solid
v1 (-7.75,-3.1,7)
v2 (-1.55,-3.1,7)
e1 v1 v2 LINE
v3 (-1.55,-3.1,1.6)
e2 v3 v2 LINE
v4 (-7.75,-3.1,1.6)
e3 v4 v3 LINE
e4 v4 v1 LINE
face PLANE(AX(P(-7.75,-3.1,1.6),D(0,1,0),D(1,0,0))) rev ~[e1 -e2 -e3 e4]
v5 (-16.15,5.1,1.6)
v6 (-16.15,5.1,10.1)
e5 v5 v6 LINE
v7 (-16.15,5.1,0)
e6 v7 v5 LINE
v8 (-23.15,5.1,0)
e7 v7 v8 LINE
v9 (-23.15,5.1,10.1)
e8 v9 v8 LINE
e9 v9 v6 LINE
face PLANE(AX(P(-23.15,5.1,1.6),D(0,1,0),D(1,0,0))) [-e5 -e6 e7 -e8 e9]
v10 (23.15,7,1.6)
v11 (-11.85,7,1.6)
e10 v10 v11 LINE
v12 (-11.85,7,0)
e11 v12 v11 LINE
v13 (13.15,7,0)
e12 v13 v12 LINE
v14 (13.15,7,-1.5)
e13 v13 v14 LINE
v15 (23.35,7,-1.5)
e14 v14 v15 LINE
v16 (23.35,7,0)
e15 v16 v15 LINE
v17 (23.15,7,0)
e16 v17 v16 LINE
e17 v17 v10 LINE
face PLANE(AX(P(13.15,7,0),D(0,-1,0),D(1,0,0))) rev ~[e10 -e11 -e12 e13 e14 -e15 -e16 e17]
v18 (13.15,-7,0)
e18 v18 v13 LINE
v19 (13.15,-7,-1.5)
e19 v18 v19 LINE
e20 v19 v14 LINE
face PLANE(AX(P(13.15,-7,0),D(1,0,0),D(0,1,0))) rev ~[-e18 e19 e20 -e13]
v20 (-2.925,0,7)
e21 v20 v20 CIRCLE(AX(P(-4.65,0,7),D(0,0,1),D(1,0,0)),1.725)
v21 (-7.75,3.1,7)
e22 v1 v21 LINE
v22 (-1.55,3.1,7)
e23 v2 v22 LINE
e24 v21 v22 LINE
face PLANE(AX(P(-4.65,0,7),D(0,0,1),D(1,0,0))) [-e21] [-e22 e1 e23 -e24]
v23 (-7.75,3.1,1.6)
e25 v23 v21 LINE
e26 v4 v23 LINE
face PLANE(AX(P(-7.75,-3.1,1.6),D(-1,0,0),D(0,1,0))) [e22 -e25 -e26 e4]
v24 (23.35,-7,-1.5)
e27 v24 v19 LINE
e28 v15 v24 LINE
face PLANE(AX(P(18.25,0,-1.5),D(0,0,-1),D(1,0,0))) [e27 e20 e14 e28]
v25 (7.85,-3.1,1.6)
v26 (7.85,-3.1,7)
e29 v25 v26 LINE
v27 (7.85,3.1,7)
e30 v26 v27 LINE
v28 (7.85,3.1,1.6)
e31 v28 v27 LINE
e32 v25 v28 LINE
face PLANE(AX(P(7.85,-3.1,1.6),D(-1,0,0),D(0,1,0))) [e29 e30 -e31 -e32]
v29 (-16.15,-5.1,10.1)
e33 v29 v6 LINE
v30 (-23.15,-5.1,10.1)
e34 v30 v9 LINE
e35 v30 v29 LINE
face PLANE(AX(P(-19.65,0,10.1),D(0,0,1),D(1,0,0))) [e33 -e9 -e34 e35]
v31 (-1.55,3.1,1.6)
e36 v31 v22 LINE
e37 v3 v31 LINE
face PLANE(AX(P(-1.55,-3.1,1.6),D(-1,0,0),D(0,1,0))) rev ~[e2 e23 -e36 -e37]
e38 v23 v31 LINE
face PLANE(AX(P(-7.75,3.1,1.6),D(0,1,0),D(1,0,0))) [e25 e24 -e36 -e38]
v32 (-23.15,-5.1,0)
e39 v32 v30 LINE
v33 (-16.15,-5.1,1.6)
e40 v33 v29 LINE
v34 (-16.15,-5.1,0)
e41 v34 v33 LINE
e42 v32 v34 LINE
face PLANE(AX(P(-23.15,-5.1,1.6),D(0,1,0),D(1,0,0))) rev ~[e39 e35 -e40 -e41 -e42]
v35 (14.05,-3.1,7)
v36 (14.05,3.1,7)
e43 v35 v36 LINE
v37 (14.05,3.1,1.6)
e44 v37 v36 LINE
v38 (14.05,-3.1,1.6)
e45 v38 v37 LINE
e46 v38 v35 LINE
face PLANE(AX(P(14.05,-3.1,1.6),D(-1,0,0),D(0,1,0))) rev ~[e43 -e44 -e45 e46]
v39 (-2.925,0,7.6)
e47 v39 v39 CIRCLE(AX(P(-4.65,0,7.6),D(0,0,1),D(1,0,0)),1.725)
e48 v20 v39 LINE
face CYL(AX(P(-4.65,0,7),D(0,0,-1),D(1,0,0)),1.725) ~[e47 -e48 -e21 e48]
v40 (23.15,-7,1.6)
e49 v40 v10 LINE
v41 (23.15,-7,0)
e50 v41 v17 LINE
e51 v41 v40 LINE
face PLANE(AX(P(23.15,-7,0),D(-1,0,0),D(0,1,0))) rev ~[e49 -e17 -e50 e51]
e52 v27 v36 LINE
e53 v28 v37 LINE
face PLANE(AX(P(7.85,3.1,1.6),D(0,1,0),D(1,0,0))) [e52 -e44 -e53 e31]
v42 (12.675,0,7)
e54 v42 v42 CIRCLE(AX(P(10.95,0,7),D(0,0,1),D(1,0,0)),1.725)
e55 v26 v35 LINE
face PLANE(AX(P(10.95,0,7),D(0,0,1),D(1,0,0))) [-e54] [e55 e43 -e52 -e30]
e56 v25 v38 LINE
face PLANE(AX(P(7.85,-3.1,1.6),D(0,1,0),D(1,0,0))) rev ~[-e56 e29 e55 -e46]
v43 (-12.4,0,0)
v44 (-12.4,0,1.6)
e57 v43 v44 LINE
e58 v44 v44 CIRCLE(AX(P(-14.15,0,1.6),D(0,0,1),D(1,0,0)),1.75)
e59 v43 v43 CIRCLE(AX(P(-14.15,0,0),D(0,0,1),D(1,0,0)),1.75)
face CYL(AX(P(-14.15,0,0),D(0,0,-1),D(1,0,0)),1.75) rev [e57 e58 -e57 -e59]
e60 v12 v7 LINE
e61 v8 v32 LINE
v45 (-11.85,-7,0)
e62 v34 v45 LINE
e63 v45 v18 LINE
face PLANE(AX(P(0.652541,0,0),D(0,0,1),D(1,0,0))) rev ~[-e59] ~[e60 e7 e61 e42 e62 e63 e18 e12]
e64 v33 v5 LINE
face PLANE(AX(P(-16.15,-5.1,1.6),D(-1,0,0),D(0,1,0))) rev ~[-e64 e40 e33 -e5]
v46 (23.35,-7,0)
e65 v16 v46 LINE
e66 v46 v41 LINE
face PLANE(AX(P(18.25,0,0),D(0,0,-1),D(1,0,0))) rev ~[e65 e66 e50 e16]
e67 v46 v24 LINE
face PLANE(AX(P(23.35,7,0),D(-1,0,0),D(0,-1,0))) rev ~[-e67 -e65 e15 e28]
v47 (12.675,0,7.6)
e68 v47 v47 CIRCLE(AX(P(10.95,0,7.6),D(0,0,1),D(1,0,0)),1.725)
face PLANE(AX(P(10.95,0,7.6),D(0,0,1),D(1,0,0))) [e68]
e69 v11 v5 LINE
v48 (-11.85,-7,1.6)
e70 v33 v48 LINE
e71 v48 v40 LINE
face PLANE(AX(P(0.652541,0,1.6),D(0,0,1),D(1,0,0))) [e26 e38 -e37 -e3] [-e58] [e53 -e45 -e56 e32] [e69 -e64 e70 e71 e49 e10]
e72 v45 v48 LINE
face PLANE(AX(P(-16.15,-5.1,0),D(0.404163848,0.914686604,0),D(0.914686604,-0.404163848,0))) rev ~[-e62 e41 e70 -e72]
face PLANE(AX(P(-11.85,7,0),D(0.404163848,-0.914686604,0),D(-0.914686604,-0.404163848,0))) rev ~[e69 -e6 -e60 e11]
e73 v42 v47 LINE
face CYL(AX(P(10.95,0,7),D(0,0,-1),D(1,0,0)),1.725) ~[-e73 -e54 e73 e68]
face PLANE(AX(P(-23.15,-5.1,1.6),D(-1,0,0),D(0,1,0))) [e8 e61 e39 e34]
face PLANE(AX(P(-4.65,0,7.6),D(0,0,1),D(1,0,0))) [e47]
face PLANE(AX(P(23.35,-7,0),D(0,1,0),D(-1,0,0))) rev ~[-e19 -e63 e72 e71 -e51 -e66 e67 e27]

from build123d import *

# Parameters (mm, degrees)
F0_R      = 1.75
F1_DEPTH  = 1.6
F2_W      = 7
F2_H      = 10.2
F3_DEPTH  = 8.5
F4_W      = 6.2
F4_H      = 6.2
F5_DEPTH  = 5.4
F6_R      = 1.725
F7_R      = 1.725
F8_DEPTH  = 0.6
F10_DEPTH = 1.5


with BuildPart() as f1:
    # F0 (on Top) → F1 (new body)
    with BuildSketch(Plane.XY):
        Polygon((-16.15, 5.1), (-23.15, 5.1), (-23.15, -5.1), (-16.15, -5.1), (-11.85, -7), (23.15, -7), (23.15, 7), (-11.85, 7), align=None)
        with Locations((-14.15, 0)):
            Circle(F0_R, mode=Mode.SUBTRACT)
    extrude(amount=F1_DEPTH)

    # F2 (on face) → F3 (join)
    with BuildSketch(Plane.XY.offset(1.6)):
        with Locations((-19.65, 0)):
            Rectangle(F2_W, F2_H)
    extrude(amount=F3_DEPTH)

    # F4 (on face) → F5 (join)
    with BuildSketch(Plane.XY.offset(1.6)):
        with Locations((-4.65, 0)):
            Rectangle(F4_W, F4_H)
        with Locations((10.95, 0)):
            Rectangle(F4_W, F4_H)
    extrude(amount=F5_DEPTH)

    # F6 (on face) + F7 (on face) → F8 (join)
    with BuildSketch(Plane.XY.offset(7)):
        with Locations((-4.65, 0)):
            Circle(F6_R)
    with BuildSketch(Plane.XY.offset(7)):
        with Locations((10.95, 0)):
            Circle(F7_R)
    extrude(amount=F8_DEPTH)

    # F9 (on face) → F10 (join)
    with BuildSketch(Plane(origin=(0, 0, 0), x_dir=(1, 0, 0), z_dir=(0, 0, -1))):
        Polygon((23.35, 7), (23.15, 7), (13.15, 7), (13.15, -7), (23.15, -7), (23.35, -7), align=None)
    extrude(amount=F10_DEPTH)


solid = f1.part
